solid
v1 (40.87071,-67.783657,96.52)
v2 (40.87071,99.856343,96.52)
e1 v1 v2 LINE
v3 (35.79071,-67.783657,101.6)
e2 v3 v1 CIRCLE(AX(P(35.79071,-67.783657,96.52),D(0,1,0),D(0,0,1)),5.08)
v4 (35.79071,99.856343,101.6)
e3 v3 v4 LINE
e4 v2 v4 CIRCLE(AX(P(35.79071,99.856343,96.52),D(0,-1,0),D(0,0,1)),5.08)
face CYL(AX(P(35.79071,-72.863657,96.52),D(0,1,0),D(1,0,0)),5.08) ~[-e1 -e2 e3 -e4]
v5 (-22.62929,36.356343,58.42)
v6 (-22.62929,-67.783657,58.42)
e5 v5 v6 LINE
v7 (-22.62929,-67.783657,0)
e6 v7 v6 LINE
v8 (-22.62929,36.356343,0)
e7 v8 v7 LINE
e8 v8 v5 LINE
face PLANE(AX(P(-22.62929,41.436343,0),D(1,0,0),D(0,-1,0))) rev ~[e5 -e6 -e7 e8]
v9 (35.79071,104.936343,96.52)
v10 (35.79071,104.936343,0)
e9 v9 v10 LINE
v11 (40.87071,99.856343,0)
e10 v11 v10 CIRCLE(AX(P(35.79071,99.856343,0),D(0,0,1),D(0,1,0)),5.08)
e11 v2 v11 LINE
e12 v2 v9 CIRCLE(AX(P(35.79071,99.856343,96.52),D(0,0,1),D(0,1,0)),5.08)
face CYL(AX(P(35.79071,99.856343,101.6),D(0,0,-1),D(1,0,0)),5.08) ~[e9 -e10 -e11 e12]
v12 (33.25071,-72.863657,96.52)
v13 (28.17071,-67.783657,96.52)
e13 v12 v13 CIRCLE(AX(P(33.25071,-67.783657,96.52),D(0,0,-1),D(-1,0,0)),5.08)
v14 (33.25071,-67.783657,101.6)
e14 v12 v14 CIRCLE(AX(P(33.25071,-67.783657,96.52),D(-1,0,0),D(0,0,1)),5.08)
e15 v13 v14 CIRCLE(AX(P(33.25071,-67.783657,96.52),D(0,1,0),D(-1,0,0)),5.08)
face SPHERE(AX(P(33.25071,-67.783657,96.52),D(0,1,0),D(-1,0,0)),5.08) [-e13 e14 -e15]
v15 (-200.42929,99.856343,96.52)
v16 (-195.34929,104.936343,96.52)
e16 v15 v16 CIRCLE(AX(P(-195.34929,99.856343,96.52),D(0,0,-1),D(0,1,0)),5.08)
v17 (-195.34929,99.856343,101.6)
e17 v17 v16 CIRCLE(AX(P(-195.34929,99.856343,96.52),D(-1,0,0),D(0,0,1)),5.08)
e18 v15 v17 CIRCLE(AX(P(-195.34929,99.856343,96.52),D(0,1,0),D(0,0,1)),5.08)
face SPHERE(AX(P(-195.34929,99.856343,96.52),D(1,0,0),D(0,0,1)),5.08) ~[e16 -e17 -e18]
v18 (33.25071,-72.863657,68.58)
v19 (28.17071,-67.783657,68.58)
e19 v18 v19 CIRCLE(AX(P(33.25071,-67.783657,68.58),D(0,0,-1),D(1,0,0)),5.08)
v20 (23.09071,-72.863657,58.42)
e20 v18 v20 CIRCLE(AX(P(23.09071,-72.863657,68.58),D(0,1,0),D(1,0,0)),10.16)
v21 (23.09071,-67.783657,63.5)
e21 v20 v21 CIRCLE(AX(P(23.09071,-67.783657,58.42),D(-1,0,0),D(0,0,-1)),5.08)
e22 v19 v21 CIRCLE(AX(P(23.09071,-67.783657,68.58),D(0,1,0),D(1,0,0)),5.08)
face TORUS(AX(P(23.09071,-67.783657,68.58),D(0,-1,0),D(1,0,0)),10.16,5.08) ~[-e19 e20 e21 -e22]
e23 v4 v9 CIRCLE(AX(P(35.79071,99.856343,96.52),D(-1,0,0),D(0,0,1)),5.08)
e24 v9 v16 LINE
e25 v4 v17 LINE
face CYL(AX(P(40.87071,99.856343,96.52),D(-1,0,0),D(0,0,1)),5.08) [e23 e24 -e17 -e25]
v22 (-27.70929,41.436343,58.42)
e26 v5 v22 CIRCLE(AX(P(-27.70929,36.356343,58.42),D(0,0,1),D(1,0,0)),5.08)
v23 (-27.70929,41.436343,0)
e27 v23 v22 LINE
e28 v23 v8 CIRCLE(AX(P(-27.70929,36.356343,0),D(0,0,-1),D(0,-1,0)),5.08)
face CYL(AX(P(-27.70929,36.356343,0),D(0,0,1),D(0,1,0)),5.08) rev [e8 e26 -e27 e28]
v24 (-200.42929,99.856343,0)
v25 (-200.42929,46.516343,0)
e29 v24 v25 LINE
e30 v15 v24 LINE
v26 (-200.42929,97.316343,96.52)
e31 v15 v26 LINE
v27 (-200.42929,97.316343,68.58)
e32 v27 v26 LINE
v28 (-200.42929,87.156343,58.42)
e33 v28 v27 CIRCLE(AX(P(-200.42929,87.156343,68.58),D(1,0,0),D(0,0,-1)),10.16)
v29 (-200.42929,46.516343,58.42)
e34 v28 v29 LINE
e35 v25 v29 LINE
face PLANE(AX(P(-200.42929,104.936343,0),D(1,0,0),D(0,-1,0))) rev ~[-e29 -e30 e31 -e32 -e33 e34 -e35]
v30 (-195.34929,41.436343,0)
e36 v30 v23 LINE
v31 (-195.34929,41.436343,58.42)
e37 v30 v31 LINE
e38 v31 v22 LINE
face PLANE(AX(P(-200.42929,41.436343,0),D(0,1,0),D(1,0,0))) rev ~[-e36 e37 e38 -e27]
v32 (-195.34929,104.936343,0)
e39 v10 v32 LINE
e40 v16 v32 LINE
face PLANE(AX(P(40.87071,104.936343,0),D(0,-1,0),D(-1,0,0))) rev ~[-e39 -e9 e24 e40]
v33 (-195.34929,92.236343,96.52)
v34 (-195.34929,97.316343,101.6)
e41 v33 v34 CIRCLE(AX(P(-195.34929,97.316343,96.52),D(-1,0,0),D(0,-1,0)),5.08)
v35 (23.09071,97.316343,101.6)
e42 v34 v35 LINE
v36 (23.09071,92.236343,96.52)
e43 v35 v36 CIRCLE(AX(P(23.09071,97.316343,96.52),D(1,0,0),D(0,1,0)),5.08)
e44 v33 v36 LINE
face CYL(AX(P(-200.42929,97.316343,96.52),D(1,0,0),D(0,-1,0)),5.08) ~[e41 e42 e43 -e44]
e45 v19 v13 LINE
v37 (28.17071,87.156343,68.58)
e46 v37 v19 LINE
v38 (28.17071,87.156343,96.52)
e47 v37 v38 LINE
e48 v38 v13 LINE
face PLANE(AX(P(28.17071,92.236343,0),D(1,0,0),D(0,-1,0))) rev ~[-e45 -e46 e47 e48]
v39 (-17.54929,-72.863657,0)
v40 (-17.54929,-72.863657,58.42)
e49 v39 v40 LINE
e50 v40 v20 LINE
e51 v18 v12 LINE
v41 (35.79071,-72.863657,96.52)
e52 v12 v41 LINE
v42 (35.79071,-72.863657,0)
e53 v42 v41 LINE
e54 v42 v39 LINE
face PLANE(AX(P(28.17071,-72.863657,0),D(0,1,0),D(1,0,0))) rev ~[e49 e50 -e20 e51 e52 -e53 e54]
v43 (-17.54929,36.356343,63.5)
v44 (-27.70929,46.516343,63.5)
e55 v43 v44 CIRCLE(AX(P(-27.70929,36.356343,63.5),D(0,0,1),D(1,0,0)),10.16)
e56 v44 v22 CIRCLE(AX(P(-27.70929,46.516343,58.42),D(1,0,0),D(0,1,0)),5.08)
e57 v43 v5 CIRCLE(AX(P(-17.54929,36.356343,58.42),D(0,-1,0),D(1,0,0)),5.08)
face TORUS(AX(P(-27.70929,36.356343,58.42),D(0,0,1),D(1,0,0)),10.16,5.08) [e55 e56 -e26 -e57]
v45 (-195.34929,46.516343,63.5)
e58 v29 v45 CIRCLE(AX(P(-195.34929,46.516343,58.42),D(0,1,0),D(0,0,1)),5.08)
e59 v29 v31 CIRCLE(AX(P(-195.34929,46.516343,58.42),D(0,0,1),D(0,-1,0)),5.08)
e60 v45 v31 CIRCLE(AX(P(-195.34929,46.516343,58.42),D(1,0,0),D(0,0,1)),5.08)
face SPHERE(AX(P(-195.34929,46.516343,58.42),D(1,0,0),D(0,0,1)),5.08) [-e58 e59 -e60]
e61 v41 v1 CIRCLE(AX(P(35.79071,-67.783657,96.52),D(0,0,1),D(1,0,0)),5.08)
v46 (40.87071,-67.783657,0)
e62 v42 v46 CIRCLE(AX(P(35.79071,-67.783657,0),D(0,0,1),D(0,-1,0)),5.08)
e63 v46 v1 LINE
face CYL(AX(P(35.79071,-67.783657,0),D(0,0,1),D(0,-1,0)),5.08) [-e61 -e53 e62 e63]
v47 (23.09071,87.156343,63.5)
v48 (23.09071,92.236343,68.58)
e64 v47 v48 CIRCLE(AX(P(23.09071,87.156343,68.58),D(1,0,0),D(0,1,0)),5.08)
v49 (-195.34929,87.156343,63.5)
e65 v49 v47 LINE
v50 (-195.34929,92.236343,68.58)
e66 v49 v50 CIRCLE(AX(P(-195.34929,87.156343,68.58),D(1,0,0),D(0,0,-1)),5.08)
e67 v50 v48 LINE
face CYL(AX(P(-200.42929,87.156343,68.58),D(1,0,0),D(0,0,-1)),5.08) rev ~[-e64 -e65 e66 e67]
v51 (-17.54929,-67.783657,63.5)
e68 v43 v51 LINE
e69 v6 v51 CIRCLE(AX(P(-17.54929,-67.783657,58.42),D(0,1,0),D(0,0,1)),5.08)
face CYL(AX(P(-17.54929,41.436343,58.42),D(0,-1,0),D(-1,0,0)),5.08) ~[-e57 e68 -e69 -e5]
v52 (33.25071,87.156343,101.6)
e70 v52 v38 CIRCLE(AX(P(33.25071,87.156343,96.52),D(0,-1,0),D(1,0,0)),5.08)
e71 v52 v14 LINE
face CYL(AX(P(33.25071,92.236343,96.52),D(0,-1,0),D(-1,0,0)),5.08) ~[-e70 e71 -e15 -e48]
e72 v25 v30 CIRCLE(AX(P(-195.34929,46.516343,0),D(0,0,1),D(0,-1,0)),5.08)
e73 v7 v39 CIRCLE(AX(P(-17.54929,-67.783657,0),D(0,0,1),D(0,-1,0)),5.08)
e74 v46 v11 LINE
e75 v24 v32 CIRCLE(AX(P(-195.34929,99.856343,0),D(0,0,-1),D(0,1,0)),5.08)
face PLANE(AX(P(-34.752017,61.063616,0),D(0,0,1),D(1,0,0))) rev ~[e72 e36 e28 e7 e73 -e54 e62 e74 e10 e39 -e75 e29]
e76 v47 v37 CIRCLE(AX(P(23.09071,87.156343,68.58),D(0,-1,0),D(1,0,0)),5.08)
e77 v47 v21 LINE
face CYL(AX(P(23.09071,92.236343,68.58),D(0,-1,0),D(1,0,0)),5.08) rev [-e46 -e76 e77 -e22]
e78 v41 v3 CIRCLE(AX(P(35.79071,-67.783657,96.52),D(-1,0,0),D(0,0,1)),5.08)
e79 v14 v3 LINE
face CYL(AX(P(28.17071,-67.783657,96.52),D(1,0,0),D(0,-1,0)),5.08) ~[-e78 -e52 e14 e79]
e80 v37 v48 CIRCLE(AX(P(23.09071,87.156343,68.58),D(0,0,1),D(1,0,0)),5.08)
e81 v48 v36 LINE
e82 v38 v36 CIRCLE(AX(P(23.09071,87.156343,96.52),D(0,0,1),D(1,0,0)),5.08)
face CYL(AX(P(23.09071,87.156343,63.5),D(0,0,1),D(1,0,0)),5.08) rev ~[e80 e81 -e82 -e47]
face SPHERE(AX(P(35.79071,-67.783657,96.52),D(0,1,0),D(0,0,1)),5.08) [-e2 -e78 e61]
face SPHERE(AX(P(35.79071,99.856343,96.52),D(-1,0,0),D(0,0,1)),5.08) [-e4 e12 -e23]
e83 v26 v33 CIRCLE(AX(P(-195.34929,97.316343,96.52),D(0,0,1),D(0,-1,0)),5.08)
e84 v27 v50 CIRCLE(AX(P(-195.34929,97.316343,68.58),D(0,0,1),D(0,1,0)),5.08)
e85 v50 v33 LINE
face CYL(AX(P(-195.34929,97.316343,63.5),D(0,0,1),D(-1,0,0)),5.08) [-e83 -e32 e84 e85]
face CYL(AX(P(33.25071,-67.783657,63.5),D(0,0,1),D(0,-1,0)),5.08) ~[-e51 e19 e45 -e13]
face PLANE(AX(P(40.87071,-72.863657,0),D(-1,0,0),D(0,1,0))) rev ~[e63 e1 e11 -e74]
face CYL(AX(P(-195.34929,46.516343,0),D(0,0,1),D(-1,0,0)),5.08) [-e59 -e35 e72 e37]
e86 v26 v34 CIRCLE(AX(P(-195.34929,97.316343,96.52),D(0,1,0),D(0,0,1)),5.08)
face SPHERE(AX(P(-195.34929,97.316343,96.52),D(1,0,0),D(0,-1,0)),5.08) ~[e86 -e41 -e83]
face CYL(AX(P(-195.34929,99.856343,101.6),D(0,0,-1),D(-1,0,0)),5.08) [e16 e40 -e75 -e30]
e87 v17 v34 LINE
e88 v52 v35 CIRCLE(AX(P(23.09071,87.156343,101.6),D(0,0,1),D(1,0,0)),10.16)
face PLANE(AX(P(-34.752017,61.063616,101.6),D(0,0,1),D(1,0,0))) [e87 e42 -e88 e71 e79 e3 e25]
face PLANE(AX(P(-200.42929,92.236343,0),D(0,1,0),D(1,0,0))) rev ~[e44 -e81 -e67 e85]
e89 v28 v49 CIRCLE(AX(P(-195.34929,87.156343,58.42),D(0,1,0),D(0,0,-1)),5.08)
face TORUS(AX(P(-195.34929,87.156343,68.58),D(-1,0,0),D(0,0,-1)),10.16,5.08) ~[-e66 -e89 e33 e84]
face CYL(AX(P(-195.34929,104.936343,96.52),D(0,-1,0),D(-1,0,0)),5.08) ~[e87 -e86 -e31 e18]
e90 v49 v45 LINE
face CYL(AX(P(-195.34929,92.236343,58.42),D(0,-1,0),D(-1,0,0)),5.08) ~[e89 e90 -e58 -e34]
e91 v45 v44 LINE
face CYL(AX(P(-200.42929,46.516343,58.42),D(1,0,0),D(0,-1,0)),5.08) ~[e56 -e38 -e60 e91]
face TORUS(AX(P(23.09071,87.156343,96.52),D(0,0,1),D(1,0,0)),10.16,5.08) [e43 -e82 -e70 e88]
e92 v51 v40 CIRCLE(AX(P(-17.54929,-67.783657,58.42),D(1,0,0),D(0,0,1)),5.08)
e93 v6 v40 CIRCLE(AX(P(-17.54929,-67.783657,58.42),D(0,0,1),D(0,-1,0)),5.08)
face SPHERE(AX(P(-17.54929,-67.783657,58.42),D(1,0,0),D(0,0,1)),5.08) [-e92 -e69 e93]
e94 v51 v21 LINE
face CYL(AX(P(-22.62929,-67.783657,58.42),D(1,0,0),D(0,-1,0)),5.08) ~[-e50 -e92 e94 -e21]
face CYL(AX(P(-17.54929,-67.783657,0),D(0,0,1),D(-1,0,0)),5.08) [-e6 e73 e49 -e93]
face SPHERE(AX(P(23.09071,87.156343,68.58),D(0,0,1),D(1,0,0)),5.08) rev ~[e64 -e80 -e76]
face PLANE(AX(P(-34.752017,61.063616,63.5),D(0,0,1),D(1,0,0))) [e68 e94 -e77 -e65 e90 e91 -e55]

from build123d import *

# Parameters (mm, degrees)
F1_DEPTH = 101.6
F2_DEPTH = 63.5
F3_R     = 5.08


with BuildPart() as f1:
    # F0 (on Top) → F1 (new body)
    with BuildSketch(Plane.XY):
        Polygon((28.1707099802, 104.9363430021), (-200.4292900198, 104.9363430021), (-200.4292900198, 92.2363430021), (28.1707099802, 92.2363430021), (28.1707099802, -72.8636569979), (40.8707099802, -72.8636569979), (40.8707099802, 41.4363430021), (40.8707099802, 92.2363430021), (40.8707099802, 104.9363430021), align=None)
    extrude(amount=F1_DEPTH)

    # F0 (on Top) → F2 (join)
    with BuildSketch(Plane.XY):
        Polygon((28.1707099802, 104.9363430021), (-200.4292900198, 104.9363430021), (-200.4292900198, 92.2363430021), (28.1707099802, 92.2363430021), (28.1707099802, -72.8636569979), (40.8707099802, -72.8636569979), (40.8707099802, 41.4363430021), (40.8707099802, 92.2363430021), (40.8707099802, 104.9363430021), align=None)
        Polygon((28.1707099802, 92.2363430021), (-200.4292900198, 92.2363430021), (-200.4292900198, 41.4363430021), (-22.6292900198, 41.4363430021), (-22.6292900198, -72.8636569979), (28.1707099802, -72.8636569979), align=None)
    extrude(amount=F2_DEPTH)

    # F3
    f3_edges = [f1.edges().sort_by_distance(p)[0] for p in [
        (28.17071, 9.686343, 101.6),
        (-86.12929, 92.236343, 101.6),
        (28.17071, 92.236343, 82.55),
        (28.17071, 9.686343, 63.5),
        (28.17071, -72.863657, 82.55),
        (-200.42929, 92.236343, 82.55),
        (-86.12929, 92.236343, 63.5),
        (2.77071, -72.863657, 63.5),
        (-22.62929, -15.713657, 63.5),
        (-111.52929, 41.436343, 63.5),
        (-200.42929, 66.836343, 63.5),
        (-22.62929, 41.436343, 31.75),
        (-200.42929, 41.436343, 31.75),
        (-79.77929, 104.936343, 101.6),
        (40.87071, 16.036343, 101.6),
        (34.52071, -72.863657, 101.6),
        (-200.42929, 98.586343, 101.6),
        (-22.62929, -72.863657, 31.75),
        (-200.42929, 104.936343, 50.8),
        (40.87071, -72.863657, 50.8),
        (40.87071, 104.936343, 50.8),
    ]]
    fillet(f3_edges, radius=F3_R)


solid = f1.part
